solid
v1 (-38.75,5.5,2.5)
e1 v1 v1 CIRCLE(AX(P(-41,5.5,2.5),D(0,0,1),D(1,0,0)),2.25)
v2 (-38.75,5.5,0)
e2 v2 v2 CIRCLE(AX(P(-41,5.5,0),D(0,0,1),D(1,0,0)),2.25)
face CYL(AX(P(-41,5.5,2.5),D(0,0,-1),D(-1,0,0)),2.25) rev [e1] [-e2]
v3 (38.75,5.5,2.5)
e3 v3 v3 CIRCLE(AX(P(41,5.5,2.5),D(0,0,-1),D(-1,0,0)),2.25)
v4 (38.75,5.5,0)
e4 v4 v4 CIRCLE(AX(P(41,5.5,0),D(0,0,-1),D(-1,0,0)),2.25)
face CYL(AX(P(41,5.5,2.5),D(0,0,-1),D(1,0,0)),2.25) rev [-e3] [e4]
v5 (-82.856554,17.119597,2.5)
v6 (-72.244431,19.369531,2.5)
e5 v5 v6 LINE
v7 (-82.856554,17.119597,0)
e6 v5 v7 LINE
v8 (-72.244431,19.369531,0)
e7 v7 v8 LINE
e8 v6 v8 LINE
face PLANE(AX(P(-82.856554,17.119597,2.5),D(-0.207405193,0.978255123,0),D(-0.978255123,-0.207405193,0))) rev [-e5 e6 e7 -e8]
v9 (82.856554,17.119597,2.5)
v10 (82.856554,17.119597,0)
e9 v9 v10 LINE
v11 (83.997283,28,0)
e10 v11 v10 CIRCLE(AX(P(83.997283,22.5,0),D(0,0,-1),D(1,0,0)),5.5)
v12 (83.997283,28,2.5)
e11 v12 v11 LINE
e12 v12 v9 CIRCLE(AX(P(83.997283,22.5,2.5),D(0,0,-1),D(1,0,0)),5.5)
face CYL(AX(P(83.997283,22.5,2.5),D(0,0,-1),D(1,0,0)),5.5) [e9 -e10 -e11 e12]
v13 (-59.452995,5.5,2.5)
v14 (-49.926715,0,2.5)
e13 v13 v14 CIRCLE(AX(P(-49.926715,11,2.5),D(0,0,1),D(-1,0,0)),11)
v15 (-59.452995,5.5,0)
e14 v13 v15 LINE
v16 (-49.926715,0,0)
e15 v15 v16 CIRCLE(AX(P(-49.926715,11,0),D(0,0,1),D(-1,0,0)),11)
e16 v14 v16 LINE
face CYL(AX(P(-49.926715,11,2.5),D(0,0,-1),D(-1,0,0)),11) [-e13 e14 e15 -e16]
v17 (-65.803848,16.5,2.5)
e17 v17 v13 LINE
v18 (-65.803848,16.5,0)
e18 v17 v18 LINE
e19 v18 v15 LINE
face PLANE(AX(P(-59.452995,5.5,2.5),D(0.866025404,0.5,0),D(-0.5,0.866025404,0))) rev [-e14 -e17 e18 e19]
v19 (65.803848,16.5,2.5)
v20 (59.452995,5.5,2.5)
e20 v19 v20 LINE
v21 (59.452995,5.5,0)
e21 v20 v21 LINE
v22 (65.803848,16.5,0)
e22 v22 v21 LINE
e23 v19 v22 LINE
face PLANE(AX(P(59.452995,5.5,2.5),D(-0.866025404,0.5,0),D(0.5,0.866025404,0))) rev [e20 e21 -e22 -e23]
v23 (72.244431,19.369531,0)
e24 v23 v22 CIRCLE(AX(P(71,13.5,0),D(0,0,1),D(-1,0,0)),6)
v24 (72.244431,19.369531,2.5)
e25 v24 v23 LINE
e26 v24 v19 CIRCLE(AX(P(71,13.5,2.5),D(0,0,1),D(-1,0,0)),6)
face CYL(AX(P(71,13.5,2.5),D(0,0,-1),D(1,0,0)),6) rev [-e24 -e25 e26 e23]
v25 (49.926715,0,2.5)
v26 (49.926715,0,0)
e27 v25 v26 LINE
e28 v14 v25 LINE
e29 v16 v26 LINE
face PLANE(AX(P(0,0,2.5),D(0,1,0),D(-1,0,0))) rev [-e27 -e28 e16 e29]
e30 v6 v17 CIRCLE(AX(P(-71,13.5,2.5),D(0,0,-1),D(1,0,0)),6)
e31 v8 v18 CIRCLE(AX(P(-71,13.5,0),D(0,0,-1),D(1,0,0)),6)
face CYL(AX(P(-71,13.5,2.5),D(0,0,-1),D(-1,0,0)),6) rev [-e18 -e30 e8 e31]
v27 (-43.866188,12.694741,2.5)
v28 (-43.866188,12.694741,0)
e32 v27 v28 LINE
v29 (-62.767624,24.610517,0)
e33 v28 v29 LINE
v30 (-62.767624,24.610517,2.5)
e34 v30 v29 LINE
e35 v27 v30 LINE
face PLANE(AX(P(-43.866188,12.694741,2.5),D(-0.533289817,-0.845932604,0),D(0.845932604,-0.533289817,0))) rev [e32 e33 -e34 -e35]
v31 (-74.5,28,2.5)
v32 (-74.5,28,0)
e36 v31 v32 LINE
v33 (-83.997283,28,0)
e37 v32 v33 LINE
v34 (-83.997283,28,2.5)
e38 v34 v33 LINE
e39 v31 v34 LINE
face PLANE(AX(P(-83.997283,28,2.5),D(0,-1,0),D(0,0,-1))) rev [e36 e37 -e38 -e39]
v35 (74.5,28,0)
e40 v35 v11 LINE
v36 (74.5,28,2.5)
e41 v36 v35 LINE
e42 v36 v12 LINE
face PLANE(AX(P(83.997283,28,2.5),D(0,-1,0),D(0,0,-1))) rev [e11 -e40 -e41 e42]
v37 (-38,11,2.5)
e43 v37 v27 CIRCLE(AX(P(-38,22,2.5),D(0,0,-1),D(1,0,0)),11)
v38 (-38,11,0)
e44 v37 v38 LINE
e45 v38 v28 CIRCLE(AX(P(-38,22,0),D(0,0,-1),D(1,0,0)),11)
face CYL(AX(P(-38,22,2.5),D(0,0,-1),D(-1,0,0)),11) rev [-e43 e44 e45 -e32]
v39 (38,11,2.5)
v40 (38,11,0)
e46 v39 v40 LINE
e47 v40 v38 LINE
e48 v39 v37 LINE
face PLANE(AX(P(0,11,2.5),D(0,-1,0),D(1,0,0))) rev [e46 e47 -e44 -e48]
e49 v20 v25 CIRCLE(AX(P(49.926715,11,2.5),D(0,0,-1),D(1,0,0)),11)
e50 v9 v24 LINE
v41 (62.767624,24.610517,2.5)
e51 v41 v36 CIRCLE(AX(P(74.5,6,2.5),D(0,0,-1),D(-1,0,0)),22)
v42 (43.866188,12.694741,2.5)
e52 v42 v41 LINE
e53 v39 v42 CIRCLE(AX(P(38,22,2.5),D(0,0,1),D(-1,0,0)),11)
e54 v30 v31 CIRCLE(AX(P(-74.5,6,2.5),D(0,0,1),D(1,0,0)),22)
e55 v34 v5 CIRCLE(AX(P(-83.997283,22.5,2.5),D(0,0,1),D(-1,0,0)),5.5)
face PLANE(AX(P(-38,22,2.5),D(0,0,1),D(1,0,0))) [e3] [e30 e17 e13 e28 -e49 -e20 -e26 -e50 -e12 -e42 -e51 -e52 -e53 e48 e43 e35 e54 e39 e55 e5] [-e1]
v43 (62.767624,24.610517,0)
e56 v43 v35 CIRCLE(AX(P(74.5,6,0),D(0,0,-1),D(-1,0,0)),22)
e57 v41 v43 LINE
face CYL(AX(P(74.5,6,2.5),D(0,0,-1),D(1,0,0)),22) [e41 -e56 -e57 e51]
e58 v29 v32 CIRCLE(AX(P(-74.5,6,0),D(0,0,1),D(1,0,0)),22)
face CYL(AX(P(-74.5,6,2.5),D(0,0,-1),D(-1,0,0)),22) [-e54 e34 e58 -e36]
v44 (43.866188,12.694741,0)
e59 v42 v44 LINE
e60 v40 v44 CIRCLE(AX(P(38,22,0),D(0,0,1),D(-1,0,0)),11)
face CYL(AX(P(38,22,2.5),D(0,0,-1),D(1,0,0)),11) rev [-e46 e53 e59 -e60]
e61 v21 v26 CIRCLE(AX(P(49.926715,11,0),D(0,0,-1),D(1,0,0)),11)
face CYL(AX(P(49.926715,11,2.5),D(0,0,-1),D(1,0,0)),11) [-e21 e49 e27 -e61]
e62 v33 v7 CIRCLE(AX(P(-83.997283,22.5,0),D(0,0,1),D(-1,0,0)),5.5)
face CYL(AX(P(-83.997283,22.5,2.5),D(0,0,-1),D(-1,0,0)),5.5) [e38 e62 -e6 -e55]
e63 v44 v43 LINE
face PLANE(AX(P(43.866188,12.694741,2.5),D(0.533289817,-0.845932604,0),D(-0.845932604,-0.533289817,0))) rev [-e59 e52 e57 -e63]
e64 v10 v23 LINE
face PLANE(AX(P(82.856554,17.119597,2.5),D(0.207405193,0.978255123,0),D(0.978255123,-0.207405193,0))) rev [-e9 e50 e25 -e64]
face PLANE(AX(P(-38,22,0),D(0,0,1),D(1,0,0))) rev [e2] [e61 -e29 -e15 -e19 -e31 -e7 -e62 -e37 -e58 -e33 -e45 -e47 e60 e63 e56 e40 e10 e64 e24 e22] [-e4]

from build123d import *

# Parameters (mm, degrees)
SKETCH1_R           = 2.25
BOSS_EXTRUDE1_DEPTH = 2.5


with BuildPart() as part:
    # Sketch1 → Boss-Extrude1 (new body)
    with BuildSketch(Plane.XY):
        with BuildLine():
            Line((0, 0), (-49.926715175, 0))
            ThreePointArc((-49.926715175, 0), (-55.426715175, 1.473720558), (-59.452994616, 5.5))
            Line((-59.452994616, 5.5), (-65.803847577, 16.5))
            ThreePointArc((-65.803847577, 16.5), (-68.558161164, 18.980640756), (-72.244431158, 19.369530739))
            Line((-72.244431158, 19.369530739), (-82.856553967, 17.119596823))
            ThreePointArc((-82.856553967, 17.119596823), (-89.467301609, 21.926509579), (-83.997282528, 28))
            Line((-83.997282528, 28), (-74.5, 28))
            ThreePointArc((-74.5, 28), (-68.39391207, 27.135649746), (-62.767624018, 24.61051729))
            Line((-62.767624018, 24.61051729), (-43.866187991, 12.694741355))
            ThreePointArc((-43.866187991, 12.694741355), (-41.053043965, 11.432175127), (-38, 11))
            Line((-38, 11), (0, 11))
            Line((0, 11), (0, 0))
        make_face()
        with Locations((-41, 5.5)):
            Circle(SKETCH1_R, mode=Mode.SUBTRACT)
    extrude(amount=BOSS_EXTRUDE1_DEPTH)

    # Mirror1: part across plane


with BuildPart() as part_1:
    add(part.part)
    add(part.part.mirror(Plane(origin=(0, 0, 2.5), x_dir=(0, 0, 1), z_dir=(-1, 0, 0))))


solid = part_1.part
